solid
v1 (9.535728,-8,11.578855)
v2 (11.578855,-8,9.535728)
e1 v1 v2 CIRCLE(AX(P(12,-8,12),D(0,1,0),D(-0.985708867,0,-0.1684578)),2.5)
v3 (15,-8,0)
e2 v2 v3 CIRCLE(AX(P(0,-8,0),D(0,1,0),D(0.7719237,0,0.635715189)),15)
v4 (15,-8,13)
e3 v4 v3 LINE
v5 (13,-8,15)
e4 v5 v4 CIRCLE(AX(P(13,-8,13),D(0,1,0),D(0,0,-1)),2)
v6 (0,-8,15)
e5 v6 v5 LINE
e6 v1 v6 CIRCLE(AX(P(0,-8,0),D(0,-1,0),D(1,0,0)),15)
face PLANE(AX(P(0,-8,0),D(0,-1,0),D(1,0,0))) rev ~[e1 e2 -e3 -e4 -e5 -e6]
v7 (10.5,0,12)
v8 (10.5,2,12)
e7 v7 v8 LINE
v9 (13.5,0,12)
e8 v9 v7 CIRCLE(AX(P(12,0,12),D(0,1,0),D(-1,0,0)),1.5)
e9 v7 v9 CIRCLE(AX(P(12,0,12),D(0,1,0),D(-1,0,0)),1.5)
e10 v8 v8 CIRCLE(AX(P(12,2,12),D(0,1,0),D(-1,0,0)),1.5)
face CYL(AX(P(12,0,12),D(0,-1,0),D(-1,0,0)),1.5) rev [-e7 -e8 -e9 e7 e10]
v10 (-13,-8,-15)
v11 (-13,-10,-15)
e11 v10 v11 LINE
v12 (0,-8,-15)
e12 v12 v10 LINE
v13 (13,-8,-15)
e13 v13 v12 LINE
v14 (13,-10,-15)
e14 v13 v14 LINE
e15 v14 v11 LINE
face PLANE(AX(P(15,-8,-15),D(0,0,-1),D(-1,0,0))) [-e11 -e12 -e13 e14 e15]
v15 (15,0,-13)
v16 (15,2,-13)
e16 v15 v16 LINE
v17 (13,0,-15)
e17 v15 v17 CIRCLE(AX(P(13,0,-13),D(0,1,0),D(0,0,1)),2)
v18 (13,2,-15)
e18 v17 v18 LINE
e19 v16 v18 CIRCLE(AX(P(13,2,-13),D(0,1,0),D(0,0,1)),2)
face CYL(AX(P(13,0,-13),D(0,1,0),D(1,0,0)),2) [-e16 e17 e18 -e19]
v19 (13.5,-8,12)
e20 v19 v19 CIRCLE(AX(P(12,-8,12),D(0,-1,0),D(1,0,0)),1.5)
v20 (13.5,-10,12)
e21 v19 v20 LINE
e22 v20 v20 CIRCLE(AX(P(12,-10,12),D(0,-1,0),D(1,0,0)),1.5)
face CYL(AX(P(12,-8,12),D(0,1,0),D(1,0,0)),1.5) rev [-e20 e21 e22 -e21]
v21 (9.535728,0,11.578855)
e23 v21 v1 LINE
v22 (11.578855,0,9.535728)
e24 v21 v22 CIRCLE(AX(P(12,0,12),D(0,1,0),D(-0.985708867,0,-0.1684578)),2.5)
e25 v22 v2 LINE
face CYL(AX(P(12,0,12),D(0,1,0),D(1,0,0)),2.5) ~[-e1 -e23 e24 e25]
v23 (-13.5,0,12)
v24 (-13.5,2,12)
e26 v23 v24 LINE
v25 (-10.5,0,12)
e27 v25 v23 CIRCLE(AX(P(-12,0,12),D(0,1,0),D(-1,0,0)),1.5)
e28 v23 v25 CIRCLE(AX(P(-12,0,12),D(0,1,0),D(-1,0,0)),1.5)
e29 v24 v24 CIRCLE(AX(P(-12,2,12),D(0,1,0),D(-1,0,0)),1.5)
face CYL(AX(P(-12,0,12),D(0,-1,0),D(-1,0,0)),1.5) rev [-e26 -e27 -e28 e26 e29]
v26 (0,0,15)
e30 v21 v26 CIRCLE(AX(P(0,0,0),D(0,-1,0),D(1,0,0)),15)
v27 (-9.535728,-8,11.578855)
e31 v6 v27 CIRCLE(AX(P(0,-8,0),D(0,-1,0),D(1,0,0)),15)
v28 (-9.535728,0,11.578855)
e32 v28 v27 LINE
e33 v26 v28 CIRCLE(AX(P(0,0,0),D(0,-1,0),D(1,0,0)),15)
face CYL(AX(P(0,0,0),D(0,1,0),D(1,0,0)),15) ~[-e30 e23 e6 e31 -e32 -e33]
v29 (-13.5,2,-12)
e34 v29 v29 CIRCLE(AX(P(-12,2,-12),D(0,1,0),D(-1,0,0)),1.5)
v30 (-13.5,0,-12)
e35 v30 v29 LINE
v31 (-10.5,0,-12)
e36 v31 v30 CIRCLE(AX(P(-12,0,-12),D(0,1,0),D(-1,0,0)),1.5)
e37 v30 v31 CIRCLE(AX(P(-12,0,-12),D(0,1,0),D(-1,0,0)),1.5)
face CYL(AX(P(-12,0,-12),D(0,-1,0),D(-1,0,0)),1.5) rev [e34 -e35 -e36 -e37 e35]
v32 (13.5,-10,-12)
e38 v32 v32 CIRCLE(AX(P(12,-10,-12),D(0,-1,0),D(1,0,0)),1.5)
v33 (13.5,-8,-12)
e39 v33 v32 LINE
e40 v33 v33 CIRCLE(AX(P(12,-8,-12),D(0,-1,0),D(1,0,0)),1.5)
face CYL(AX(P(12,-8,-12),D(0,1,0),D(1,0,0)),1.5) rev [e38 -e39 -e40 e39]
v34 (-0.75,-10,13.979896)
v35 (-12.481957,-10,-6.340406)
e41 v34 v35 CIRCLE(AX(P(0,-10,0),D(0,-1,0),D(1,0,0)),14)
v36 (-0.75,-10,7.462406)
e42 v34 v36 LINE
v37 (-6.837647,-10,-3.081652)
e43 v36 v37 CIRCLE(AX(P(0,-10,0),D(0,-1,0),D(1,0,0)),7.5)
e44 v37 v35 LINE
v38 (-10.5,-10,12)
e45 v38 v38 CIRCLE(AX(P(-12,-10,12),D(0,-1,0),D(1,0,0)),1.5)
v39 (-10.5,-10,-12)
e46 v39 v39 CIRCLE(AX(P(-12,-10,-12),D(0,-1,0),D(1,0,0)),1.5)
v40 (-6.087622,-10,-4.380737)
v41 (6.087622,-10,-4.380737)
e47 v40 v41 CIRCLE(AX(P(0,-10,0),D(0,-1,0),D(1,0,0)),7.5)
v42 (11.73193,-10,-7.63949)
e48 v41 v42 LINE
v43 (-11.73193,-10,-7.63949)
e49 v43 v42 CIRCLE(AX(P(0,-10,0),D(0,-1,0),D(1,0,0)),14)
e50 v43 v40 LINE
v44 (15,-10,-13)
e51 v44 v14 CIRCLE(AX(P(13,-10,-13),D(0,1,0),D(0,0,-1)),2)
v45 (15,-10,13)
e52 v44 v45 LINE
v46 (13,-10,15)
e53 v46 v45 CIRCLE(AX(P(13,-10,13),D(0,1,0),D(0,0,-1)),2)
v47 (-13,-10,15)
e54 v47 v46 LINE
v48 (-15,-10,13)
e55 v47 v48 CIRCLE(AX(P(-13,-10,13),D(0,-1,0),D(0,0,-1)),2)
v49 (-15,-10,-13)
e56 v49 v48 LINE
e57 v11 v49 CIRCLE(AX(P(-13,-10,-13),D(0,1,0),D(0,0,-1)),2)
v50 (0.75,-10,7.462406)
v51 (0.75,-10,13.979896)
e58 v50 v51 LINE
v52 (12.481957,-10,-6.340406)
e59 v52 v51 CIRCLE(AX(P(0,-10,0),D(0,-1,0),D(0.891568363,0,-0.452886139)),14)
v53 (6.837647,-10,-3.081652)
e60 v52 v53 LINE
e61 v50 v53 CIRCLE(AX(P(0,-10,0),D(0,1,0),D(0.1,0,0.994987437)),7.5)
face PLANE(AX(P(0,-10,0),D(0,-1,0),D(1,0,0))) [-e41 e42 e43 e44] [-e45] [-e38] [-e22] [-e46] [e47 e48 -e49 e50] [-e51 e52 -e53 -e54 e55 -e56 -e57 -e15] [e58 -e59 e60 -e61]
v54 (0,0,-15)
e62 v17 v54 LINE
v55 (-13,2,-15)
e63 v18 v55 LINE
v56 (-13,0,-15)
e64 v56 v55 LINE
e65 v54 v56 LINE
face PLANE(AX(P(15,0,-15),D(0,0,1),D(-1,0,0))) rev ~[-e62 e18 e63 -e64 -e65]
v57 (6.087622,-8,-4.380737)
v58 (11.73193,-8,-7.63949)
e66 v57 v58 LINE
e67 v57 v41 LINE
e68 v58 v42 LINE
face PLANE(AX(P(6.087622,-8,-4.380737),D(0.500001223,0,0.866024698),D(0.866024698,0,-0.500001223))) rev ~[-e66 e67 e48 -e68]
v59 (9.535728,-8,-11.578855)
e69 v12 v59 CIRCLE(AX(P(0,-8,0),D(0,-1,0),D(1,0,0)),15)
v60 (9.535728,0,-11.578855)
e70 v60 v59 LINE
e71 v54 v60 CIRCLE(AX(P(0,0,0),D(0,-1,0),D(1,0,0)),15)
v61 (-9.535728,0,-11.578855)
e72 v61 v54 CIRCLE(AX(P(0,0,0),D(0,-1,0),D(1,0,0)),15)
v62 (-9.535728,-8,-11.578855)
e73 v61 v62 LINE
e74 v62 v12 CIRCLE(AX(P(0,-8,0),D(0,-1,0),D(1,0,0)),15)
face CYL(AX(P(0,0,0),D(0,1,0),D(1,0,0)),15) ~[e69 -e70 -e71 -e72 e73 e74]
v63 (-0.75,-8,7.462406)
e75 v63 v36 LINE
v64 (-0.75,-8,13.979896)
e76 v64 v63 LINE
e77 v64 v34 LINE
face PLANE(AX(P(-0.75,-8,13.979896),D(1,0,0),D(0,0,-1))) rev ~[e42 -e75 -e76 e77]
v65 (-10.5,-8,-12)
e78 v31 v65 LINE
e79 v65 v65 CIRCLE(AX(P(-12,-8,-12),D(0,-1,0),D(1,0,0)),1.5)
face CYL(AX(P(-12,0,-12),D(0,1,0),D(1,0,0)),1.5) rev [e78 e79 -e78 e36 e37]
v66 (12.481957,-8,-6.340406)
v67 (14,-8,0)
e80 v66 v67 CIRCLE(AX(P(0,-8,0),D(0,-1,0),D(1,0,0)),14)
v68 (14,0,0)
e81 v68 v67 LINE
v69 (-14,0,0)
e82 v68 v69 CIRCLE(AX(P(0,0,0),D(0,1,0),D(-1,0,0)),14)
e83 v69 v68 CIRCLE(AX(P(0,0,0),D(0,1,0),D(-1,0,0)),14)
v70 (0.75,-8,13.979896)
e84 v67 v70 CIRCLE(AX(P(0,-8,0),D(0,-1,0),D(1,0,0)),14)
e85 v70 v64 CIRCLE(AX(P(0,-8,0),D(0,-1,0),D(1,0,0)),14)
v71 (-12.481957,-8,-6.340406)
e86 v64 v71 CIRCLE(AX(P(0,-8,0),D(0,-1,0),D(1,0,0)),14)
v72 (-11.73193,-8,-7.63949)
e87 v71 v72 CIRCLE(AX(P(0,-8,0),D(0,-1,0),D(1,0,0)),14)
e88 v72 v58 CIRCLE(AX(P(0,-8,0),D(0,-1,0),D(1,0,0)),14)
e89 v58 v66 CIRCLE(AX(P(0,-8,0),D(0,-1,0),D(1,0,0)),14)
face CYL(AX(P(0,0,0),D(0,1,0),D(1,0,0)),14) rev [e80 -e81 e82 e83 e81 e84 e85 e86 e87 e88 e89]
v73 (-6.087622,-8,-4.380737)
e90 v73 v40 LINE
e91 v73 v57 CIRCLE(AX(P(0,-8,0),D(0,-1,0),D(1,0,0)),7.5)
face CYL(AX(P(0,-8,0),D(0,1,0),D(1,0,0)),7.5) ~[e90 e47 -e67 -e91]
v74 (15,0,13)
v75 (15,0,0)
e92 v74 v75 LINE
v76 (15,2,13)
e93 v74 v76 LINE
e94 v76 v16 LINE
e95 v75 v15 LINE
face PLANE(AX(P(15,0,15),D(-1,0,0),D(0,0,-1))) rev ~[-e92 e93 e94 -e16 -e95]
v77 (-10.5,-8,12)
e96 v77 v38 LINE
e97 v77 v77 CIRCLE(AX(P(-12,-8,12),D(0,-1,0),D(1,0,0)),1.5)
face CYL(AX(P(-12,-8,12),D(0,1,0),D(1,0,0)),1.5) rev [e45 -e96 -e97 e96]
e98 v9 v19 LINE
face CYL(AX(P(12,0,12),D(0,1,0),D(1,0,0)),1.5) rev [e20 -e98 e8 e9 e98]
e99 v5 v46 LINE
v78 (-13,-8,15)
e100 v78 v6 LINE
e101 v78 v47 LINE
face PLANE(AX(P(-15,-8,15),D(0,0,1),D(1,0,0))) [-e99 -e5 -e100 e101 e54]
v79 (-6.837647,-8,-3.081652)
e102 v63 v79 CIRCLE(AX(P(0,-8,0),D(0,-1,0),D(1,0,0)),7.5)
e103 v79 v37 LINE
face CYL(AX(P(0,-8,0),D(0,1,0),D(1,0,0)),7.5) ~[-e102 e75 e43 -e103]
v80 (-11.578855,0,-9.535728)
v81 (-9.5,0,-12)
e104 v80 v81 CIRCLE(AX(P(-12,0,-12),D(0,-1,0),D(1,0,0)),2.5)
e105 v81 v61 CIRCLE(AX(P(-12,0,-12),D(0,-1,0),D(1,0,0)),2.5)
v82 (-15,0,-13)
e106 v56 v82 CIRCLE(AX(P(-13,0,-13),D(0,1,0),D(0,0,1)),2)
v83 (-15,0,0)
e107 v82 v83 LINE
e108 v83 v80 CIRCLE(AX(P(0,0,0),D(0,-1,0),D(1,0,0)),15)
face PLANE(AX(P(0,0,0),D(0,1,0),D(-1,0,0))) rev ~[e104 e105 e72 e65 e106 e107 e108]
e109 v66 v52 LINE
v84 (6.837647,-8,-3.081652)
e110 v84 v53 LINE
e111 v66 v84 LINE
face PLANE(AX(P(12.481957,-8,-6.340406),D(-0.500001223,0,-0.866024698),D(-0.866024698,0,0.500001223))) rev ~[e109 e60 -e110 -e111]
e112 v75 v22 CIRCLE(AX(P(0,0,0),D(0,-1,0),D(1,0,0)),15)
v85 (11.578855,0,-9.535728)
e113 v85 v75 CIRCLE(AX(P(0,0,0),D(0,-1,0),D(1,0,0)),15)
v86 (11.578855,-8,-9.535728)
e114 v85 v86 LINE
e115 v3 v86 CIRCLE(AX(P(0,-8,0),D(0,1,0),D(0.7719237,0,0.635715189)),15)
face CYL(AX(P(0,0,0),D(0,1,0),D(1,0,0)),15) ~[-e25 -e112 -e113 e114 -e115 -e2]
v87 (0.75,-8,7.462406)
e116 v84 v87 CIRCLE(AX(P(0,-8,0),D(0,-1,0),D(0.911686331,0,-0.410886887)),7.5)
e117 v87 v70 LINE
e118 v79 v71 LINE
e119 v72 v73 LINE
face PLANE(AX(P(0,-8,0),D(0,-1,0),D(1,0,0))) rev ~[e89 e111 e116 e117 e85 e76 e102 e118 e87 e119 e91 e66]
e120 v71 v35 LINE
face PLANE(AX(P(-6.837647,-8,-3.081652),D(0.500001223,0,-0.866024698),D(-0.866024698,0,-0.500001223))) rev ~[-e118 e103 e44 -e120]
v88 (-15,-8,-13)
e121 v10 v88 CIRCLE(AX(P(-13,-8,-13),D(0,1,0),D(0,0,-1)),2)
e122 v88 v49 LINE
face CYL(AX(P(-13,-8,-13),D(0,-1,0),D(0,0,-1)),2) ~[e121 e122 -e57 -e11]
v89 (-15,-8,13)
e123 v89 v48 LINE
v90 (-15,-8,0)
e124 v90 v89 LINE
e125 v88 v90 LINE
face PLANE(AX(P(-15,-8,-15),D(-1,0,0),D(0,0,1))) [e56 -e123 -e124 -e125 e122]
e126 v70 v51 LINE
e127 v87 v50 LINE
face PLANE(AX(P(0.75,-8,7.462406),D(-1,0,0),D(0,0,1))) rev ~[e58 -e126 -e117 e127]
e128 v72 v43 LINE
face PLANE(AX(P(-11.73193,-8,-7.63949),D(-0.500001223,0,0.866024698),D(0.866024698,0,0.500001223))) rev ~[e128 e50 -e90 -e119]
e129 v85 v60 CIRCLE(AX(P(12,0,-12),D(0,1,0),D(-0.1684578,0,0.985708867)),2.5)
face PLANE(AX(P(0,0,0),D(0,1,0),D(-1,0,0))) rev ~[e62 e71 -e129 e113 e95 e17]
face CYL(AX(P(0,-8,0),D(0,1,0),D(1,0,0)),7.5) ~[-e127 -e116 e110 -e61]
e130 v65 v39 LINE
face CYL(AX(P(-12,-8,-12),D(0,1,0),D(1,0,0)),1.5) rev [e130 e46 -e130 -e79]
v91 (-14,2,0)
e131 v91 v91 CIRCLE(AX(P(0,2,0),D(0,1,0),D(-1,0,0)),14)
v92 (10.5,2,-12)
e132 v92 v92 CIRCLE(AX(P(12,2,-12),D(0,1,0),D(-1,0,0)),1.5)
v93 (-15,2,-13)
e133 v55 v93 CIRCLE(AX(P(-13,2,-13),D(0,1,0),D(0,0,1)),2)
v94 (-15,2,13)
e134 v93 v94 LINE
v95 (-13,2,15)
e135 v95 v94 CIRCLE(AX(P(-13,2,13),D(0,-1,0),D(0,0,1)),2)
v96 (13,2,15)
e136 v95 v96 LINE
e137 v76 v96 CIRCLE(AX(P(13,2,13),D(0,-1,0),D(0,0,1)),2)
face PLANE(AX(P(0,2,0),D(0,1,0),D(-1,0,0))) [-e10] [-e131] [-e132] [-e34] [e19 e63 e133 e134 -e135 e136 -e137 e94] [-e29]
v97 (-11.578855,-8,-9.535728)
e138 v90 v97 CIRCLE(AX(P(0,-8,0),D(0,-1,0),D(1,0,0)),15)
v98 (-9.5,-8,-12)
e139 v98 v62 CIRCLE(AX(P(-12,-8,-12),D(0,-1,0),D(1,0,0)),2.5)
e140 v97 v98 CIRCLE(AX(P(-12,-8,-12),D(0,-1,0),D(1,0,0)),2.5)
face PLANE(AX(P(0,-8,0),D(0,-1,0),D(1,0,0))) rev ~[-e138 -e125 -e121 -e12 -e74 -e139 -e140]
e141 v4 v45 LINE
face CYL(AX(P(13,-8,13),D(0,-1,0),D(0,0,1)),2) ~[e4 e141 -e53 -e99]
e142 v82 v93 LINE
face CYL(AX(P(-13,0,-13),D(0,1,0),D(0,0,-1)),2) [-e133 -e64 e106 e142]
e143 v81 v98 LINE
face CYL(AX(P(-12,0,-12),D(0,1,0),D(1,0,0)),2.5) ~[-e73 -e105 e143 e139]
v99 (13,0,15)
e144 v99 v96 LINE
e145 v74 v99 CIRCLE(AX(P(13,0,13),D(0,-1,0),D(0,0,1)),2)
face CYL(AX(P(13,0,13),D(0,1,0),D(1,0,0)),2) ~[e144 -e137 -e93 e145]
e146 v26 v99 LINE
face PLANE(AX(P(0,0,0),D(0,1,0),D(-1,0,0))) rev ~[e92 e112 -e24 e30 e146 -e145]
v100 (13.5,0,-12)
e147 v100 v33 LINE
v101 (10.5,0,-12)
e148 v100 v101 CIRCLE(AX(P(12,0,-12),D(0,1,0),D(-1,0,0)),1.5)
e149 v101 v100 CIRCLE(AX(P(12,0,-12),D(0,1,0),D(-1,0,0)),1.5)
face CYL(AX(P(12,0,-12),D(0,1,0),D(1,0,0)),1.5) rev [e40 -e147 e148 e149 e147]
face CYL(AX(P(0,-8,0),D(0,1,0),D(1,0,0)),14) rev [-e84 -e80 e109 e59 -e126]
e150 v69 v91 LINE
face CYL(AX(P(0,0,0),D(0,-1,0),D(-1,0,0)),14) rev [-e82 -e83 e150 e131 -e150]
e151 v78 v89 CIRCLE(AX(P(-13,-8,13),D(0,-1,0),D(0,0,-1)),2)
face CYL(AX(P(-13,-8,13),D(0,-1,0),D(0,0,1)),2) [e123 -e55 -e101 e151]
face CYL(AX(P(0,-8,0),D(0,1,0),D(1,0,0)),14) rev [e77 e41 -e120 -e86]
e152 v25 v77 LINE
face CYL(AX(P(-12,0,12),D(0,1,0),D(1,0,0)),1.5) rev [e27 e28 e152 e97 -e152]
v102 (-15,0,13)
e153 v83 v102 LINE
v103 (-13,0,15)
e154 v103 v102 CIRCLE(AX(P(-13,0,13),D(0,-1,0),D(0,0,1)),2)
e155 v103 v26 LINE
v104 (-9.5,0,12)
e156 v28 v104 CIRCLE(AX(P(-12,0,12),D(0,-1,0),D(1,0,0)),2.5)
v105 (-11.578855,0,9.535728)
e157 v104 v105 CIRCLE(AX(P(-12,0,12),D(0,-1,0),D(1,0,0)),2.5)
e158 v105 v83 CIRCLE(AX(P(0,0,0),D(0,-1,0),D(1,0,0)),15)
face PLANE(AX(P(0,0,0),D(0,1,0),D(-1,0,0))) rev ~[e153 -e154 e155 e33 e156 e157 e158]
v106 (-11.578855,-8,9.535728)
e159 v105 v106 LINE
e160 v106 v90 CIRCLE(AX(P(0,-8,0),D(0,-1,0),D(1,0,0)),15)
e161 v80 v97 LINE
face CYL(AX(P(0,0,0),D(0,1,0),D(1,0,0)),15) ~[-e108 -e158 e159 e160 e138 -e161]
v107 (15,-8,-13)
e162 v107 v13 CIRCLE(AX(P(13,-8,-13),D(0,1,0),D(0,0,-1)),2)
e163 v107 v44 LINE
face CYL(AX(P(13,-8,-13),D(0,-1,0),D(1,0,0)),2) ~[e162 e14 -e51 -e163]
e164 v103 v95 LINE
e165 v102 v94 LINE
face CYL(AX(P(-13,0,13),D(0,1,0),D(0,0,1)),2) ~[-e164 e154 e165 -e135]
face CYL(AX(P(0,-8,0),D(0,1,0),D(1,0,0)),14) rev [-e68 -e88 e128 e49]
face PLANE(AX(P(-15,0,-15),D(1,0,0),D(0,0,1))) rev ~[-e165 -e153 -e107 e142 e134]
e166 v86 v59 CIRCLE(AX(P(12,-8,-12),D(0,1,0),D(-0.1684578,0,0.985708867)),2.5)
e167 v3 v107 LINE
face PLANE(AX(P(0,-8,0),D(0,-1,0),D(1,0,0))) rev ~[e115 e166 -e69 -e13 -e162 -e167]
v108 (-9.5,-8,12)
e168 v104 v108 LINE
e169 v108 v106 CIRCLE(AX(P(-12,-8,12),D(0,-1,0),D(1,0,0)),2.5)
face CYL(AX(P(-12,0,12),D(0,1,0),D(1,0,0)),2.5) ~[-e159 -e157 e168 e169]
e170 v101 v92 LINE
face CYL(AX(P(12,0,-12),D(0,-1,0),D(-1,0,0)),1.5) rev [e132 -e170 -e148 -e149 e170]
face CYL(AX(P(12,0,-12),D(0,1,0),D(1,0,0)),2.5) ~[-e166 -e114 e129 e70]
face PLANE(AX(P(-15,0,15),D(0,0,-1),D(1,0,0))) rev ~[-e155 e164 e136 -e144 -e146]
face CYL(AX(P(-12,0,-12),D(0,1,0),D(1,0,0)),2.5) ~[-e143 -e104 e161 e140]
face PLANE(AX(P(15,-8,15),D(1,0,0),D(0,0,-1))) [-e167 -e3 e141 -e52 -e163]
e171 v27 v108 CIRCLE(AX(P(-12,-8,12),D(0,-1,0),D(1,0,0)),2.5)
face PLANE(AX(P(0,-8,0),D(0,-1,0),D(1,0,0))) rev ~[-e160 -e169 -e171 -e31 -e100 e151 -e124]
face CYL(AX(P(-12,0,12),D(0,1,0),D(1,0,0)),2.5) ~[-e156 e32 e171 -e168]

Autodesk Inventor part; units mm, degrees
ref_plane "YZ Plane" through (0, 0, 0) normal (1, 0, 0) x (0, 1, 0)
ref_plane "XZ Plane" through (0, 0, 0) normal (0, 1, 0) x (-1, 0, 0)
ref_plane "XY Plane" through (0, 0, 0) normal (0, 0, 1) x (1, 0, 0)
sketch "Эскиз1" plane through (0, 0, 0) normal (0, 1, 0) x (-1, 0, 0)
  line L0 (-12, 12) -> (12, 12) construction
  line L1 (12, 12) -> (12, -12) construction
  line L2 (12, -12) -> (-12, -12) construction
  line L3 (-12, -12) -> (-12, 12) construction
  line L4 (-12, 12) -> (12, -12) construction
  line L5 (12, 12) -> (-12, -12) construction
  line L6 (-15, -15) -> (15, -15)
  line L7 (15, -15) -> (15, 15)
  line L8 (15, 15) -> (-15, 15)
  line L9 (-15, 15) -> (-15, -15)
  line L10 (-15, -15) -> (15, 15) construction
  line L11 (15, -15) -> (-15, 15) construction
  circle A0 centre (0, 0) radius 14
  circle A1 centre (-12, -12) radius 1.5
  circle A2 centre (-12, 12) radius 1.5
  circle A3 centre (12, 12) radius 1.5
  circle A4 centre (12, -12) radius 1.5
  dimension "d0" = 24
  dimension "d1" = 24
  dimension "d2" = 30
  dimension "d3" = 30
  dimension "d4" = 28
  dimension "d8" = 3
  dimension "d9" = 3
  dimension "d10" = 3
  dimension "d11" = 3
extrude "Выдавливание1" add sketch "Эскиз1" along normal blind 2
sketch "Эскиз2" plane through (0, 0, 0) normal (0, -1, 0) x (1, 0, 0)
  circle A0 centre (0, 0) radius 14 projected
  circle A1 centre (-12, -12) radius 1.5 projected
  circle A2 centre (-12, 12) radius 1.5 projected
  circle A3 centre (12, 12) radius 1.5 projected
  circle A4 centre (12, -12) radius 1.5 projected
  circle A5 centre (0, 0) radius 15
  circle A6 centre (-12, -12) radius 2.5
  circle A7 centre (-12, 12) radius 2.5
  circle A8 centre (12, 12) radius 2.5
  circle A9 centre (12, -12) radius 2.5
  dimension "d14" = 5
  dimension "d15" = 5
  dimension "d16" = 5
  dimension "d17" = 5
extrude "Выдавливание2" add sketch "Эскиз2" along normal blind 8
sketch "Эскиз4" plane through (0, -8, 0) normal (0, -1, 0) x (1, 0, 0)
  circle A0 centre (12, 12) radius 1.5 projected
  circle A1 centre (-12, -12) radius 1.5 projected
  circle A2 centre (-12, 12) radius 1.5 projected
  circle A3 centre (12, -12) radius 1.5 projected
  circle A4 centre (0, 0) radius 14 projected
  arc A5 (11.5789, -9.5357) -> (11.5789, 9.5357) centre (0, 0) ccw projected
  line L0 (-15, 15) -> (15, 15)
  line L1 (15, 15) -> (15, -15)
  line L2 (15, -15) -> (-15, -15)
  line L3 (-15, -15) -> (-15, 15)
  circle A6 centre (0, 0) radius 7.5
  line L4 (0, 0) -> (0, 15) construction
  line L5 (0, 0) -> (-12.1244, -7) construction
  line L6 (0, 0) -> (12.1244, -7) construction
  line L7 (-0.75, 6.7531) -> (0.75, 6.7531)
  line L8 (0.75, 6.7531) -> (0.75, 14.2469)
  line L9 (0.75, 14.2469) -> (-0.75, 14.2469)
  line L10 (-0.75, 14.2469) -> (-0.75, 6.7531)
  line L11 (-0.75, 6.7531) -> (0.75, 14.2469) construction
  line L12 (0.75, 6.7531) -> (-0.75, 14.2469) construction
  line L13 (-5.565, -4.079) -> (-6.315, -2.7799)
  line L14 (-6.315, -2.7799) -> (-12.8048, -6.5268)
  line L15 (-12.8048, -6.5268) -> (-12.0548, -7.8259)
  line L16 (-12.0548, -7.8259) -> (-5.565, -4.079)
  line L17 (-5.565, -4.079) -> (-12.8048, -6.5268) construction
  line L18 (-6.315, -2.7799) -> (-12.0548, -7.8259) construction
  line L19 (6.315, -2.7799) -> (5.565, -4.079)
  line L20 (5.565, -4.079) -> (12.0548, -7.8259)
  line L21 (12.0548, -7.8259) -> (12.8048, -6.5268)
  line L22 (12.8048, -6.5268) -> (6.315, -2.7799)
  line L23 (6.315, -2.7799) -> (12.0548, -7.8259) construction
  line L24 (5.565, -4.079) -> (12.8048, -6.5268) construction
  point P0 (0, 10.5)
  point P1 (-9.1849, -5.3029)
  point P2 (9.1849, -5.3029)
  dimension "d22" = 15
  dimension "d23" = 120
  dimension "d24" = 120
  dimension "d25" = 1.5
  dimension "d26" = 1.5
  dimension "d27" = 1.5
extrude "Выдавливание4" add sketch "Эскиз4" along normal blind 2 contours L8 A6 L10 A4 | A4 L10 L9 L8 | L22 L21 L20 A4 | A4 L20 A6 L22 | L8 L7 L10 A6 | A6 L22 L19 L20 L16 L13 L14 L10 L7 L8 | A6 L20 L19 L22 | L14 A6 L16 A4 | A4 L16 L15 L14 | L14 L13 L16 A6 | L0 L1 L2 L3
fillet "Сопряжение1" radius 2 8 edges at (-15, -9, -15) (15, -9, -15) (15, 1, -15) (-15, 1, -15) (-15, 1, 15) (-15, -9, 15) (15, 1, 15) (15, -9, 15)
properties part number "Cooler"
